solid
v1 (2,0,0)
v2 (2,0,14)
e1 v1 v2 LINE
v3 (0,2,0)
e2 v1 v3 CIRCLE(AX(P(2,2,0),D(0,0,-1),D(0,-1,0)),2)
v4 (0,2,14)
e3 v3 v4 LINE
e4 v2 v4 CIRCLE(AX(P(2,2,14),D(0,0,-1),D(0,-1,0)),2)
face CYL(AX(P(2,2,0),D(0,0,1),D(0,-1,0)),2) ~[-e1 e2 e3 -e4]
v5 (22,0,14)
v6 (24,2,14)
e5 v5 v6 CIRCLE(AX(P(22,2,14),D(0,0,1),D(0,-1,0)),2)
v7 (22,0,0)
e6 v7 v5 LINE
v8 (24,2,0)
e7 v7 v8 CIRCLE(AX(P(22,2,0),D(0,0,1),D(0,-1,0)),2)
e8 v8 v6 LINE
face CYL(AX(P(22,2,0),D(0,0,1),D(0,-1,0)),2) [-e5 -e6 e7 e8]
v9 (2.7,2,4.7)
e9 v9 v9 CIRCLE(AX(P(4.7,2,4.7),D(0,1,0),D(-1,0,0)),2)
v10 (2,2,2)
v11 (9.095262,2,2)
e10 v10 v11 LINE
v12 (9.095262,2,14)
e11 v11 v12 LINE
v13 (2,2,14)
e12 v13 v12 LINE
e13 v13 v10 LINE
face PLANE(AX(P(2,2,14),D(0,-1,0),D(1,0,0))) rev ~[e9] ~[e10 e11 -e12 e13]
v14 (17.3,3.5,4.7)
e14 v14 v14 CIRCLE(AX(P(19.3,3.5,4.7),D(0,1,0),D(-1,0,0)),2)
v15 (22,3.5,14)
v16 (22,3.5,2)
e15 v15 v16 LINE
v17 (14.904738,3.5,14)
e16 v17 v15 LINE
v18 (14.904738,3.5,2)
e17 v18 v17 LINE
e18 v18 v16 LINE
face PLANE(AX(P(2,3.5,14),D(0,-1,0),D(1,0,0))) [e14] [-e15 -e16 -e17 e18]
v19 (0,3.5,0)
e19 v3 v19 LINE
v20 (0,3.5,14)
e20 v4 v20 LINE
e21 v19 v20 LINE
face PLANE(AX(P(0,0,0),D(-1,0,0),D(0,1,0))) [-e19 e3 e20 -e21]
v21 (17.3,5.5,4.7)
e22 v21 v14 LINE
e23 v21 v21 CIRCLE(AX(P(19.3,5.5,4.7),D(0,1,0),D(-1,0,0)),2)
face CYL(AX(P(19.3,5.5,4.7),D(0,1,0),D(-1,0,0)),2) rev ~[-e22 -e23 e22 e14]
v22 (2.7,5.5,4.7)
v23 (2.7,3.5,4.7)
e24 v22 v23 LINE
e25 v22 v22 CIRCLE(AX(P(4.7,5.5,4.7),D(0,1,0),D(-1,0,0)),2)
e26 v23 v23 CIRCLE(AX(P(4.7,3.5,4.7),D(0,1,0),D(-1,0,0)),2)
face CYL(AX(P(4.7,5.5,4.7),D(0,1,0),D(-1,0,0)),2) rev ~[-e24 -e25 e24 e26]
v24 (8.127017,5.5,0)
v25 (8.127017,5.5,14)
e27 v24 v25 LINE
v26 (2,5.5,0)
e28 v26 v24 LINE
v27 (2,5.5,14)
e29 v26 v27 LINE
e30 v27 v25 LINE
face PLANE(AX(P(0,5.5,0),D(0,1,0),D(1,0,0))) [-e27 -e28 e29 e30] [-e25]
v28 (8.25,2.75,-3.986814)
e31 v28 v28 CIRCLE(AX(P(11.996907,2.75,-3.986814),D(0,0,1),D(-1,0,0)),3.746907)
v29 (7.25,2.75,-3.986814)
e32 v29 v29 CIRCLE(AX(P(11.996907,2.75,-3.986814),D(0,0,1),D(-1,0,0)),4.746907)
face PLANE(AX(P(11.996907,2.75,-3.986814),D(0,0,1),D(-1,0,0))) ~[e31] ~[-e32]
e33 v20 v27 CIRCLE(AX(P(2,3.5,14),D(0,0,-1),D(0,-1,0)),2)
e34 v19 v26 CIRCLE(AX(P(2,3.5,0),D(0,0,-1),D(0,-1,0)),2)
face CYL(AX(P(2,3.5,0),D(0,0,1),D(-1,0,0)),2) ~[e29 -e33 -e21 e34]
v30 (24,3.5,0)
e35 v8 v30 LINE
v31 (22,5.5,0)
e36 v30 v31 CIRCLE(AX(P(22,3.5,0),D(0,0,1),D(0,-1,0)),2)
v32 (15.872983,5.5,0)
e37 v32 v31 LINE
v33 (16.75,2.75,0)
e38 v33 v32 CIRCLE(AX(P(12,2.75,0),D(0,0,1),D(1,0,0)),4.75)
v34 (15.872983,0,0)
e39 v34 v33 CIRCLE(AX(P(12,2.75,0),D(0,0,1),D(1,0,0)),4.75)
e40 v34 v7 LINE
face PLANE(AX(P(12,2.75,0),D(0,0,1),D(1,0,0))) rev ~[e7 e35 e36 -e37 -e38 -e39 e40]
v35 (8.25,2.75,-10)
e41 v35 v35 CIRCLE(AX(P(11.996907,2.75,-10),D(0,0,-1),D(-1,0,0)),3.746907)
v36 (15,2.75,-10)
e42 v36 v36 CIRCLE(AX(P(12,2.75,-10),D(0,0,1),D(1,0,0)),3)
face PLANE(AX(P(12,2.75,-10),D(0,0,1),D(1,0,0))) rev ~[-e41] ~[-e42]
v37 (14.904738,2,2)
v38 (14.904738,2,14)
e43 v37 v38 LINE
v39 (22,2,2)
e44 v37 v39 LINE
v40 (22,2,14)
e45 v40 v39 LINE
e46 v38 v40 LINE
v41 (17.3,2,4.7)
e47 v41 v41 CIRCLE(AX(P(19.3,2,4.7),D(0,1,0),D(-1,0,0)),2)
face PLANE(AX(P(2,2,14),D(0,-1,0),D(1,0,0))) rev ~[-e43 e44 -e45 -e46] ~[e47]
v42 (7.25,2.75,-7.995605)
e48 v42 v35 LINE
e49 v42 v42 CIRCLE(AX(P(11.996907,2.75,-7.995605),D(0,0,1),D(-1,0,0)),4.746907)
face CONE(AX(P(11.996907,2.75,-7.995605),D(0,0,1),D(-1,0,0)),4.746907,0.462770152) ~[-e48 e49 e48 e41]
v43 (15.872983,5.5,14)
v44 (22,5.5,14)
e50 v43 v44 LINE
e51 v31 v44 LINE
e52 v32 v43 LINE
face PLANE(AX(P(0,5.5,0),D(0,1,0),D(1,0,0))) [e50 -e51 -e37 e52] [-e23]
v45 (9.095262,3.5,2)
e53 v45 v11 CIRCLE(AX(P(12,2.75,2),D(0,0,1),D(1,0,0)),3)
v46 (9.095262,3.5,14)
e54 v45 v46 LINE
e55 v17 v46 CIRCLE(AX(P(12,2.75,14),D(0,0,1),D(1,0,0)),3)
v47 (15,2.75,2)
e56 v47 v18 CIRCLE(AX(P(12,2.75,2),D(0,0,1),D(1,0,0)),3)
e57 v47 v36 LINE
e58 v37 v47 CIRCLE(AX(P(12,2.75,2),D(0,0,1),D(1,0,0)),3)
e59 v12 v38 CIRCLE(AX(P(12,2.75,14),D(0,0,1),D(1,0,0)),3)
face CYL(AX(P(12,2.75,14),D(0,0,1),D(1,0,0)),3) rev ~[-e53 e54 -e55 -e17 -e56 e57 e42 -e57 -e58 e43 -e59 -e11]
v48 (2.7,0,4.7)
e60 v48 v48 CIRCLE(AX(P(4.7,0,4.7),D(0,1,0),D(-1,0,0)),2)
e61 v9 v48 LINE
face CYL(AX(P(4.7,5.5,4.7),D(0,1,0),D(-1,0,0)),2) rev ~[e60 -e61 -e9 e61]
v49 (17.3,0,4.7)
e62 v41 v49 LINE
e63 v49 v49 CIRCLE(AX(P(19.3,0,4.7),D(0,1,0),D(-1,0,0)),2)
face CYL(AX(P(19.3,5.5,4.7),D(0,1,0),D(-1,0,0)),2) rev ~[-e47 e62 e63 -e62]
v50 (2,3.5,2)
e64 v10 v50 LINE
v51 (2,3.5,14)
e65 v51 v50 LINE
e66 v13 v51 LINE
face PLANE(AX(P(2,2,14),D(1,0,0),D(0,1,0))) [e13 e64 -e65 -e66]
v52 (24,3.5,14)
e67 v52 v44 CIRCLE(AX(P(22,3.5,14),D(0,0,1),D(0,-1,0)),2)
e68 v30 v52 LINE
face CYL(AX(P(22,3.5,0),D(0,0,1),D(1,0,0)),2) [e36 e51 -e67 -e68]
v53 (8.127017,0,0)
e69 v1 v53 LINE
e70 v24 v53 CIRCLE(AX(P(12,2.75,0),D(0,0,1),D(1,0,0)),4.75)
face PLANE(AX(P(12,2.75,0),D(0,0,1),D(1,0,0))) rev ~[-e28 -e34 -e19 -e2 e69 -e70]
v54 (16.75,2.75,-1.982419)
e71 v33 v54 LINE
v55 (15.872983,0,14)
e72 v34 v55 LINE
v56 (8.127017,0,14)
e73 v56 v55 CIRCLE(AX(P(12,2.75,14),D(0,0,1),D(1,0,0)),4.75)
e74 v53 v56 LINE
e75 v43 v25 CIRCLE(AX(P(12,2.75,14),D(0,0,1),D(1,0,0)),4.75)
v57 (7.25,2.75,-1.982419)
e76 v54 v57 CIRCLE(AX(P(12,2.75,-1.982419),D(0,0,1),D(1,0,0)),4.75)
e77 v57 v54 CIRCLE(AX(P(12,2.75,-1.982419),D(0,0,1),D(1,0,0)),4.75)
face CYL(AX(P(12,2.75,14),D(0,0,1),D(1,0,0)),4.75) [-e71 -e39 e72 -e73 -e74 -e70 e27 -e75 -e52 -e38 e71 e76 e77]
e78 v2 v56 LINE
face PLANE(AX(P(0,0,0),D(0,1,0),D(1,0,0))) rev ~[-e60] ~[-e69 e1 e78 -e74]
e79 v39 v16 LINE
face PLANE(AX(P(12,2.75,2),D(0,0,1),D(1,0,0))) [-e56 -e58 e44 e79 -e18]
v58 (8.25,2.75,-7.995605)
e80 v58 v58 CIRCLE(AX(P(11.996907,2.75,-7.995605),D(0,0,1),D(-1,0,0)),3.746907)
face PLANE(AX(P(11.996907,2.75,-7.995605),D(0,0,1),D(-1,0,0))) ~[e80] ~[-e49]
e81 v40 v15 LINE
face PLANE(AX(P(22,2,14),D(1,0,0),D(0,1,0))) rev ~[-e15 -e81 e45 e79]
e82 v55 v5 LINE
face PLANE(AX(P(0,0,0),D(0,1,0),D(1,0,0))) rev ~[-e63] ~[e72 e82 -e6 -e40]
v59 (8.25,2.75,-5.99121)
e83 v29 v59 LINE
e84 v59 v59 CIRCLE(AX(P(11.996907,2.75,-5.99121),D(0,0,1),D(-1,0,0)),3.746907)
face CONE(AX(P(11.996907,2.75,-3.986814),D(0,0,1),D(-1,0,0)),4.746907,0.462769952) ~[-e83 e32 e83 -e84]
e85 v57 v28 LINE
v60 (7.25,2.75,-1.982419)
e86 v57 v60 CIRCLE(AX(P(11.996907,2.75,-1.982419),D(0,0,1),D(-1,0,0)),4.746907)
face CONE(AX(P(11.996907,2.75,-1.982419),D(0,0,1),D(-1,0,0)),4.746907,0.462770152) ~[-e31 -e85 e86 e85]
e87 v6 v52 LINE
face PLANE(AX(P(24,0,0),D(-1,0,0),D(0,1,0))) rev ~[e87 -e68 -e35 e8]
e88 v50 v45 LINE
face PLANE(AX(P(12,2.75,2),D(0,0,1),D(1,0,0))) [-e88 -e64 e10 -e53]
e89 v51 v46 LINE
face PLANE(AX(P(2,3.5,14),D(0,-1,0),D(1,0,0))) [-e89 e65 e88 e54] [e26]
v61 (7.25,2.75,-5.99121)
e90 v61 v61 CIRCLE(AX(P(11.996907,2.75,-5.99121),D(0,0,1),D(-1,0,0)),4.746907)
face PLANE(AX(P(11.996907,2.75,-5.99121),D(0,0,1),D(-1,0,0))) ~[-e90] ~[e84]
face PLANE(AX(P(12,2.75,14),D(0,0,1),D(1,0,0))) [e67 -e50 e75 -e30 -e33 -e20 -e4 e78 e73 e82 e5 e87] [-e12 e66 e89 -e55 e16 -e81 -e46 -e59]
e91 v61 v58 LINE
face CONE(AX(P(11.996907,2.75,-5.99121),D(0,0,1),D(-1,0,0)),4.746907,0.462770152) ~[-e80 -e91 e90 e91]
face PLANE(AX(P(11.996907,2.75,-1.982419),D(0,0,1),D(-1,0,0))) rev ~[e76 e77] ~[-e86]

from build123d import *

# Parameters (mm, degrees)
SKETCH159_W     = 24
SKETCH159_H     = 5.5
PAD063_DEPTH    = 14
SKETCH160_R     = 4.75
PAD064_DEPTH    = 24
SKETCH161_R     = 3
POCKET063_DEPTH = 24.001
SKETCH162_W     = 20
SKETCH162_H     = 1.5
POCKET064_DEPTH = 12
SKETCH163_R     = 2
POCKET065_DEPTH = 7.501
SKETCH164_W     = 4.75
SKETCH164_H     = 1
PAD065_DEPTH    = 1
SKETCH166_W     = 4.75
SKETCH166_H     = 1
POCKET066_DEPTH = 4.751
FILLET011_R     = 2


with BuildPart() as part:
    # Sketch159 → Pad063 (new body)
    with BuildSketch(Plane.XY):
        with Locations((12, 2.75)):
            Rectangle(SKETCH159_W, SKETCH159_H)
    extrude(amount=PAD063_DEPTH)

    # Sketch160 (on Face6 of Pad063) → Pad064 (join)
    with BuildSketch(Plane.XY.offset(14)):
        with Locations((12, 2.75)):
            Circle(SKETCH160_R)
    extrude(amount=-PAD064_DEPTH)

    # Sketch161 (on Face7 of Pad064) → Pocket063 (cut, through all)
    with BuildSketch(Plane.XY.offset(14)):
        with Locations((12, 2.75)):
            Circle(SKETCH161_R)
    extrude(amount=-POCKET063_DEPTH, mode=Mode.SUBTRACT)

    # Sketch162 (on Face5 of Pocket063) → Pocket064 (cut)
    with BuildSketch(Plane.XY.offset(14)):
        with Locations((12, 2.75)):
            Rectangle(SKETCH162_W, SKETCH162_H)
    extrude(amount=-POCKET064_DEPTH, mode=Mode.SUBTRACT)

    # Sketch163 (on Face2 of Pocket064) → Pocket065 (cut, through all)
    with BuildSketch(Plane(origin=(0, 5.5, 0), x_dir=(-1, 0, 0), z_dir=(0, 1, 0))):
        with Locations((-19.3, 4.7)):
            Circle(SKETCH163_R)
        with Locations((-4.7, 4.7)):
            Circle(SKETCH163_R)
    extrude(amount=-POCKET065_DEPTH, mode=Mode.SUBTRACT)

    # Sketch164 (on Face19 of Pocket065) → Pad065 (join)
    with BuildSketch(Plane(origin=(0, 0, -10), x_dir=(1, 0, 0), z_dir=(0, 0, -1))):
        with Locations((9.625, -2.25)):
            Rectangle(SKETCH164_W, SKETCH164_H)
    extrude(amount=PAD065_DEPTH)

    # Sketch165 (on Face24 of Pad065) → Groove (revolve, cut)
    with BuildSketch(Plane(origin=(0, 2.75, 0), x_dir=(-1, 0, 0), z_dir=(0, 1, 0))):
        Polygon((-7.25, -1.982419), (-8.25, -3.986814), (-7.25, -3.986814), (-8.25, -5.99121), (-7.25, -5.99121), (-8.25, -7.995605), (-7.25, -7.995605), (-8.25, -10), (-7.25, -10), (-6.25, -10), (-6.25, -1.982419), align=None)
    revolve(axis=Axis((11.996907, 2.75, -10.00717), (0, 0, 1)), mode=Mode.SUBTRACT)

    # Sketch166 (on Face37 of Groove) → Pocket066 (cut, through all)
    with BuildSketch(Plane(origin=(0, 2.75, 0), x_dir=(-1, 0, 0), z_dir=(0, 1, 0))):
        with Locations((-9.625, -10.5)):
            Rectangle(SKETCH166_W, SKETCH166_H)
    extrude(amount=-POCKET066_DEPTH, mode=Mode.SUBTRACT)

    # Fillet011
    fillet011_edges = [part.edges().sort_by_distance(p)[0] for p in [
        (0, 5.5, 7),
        (0, 0, 7),
        (24, 5.5, 7),
        (24, 0, 7),
    ]]
    fillet(fillet011_edges, radius=FILLET011_R)


solid = part.part
